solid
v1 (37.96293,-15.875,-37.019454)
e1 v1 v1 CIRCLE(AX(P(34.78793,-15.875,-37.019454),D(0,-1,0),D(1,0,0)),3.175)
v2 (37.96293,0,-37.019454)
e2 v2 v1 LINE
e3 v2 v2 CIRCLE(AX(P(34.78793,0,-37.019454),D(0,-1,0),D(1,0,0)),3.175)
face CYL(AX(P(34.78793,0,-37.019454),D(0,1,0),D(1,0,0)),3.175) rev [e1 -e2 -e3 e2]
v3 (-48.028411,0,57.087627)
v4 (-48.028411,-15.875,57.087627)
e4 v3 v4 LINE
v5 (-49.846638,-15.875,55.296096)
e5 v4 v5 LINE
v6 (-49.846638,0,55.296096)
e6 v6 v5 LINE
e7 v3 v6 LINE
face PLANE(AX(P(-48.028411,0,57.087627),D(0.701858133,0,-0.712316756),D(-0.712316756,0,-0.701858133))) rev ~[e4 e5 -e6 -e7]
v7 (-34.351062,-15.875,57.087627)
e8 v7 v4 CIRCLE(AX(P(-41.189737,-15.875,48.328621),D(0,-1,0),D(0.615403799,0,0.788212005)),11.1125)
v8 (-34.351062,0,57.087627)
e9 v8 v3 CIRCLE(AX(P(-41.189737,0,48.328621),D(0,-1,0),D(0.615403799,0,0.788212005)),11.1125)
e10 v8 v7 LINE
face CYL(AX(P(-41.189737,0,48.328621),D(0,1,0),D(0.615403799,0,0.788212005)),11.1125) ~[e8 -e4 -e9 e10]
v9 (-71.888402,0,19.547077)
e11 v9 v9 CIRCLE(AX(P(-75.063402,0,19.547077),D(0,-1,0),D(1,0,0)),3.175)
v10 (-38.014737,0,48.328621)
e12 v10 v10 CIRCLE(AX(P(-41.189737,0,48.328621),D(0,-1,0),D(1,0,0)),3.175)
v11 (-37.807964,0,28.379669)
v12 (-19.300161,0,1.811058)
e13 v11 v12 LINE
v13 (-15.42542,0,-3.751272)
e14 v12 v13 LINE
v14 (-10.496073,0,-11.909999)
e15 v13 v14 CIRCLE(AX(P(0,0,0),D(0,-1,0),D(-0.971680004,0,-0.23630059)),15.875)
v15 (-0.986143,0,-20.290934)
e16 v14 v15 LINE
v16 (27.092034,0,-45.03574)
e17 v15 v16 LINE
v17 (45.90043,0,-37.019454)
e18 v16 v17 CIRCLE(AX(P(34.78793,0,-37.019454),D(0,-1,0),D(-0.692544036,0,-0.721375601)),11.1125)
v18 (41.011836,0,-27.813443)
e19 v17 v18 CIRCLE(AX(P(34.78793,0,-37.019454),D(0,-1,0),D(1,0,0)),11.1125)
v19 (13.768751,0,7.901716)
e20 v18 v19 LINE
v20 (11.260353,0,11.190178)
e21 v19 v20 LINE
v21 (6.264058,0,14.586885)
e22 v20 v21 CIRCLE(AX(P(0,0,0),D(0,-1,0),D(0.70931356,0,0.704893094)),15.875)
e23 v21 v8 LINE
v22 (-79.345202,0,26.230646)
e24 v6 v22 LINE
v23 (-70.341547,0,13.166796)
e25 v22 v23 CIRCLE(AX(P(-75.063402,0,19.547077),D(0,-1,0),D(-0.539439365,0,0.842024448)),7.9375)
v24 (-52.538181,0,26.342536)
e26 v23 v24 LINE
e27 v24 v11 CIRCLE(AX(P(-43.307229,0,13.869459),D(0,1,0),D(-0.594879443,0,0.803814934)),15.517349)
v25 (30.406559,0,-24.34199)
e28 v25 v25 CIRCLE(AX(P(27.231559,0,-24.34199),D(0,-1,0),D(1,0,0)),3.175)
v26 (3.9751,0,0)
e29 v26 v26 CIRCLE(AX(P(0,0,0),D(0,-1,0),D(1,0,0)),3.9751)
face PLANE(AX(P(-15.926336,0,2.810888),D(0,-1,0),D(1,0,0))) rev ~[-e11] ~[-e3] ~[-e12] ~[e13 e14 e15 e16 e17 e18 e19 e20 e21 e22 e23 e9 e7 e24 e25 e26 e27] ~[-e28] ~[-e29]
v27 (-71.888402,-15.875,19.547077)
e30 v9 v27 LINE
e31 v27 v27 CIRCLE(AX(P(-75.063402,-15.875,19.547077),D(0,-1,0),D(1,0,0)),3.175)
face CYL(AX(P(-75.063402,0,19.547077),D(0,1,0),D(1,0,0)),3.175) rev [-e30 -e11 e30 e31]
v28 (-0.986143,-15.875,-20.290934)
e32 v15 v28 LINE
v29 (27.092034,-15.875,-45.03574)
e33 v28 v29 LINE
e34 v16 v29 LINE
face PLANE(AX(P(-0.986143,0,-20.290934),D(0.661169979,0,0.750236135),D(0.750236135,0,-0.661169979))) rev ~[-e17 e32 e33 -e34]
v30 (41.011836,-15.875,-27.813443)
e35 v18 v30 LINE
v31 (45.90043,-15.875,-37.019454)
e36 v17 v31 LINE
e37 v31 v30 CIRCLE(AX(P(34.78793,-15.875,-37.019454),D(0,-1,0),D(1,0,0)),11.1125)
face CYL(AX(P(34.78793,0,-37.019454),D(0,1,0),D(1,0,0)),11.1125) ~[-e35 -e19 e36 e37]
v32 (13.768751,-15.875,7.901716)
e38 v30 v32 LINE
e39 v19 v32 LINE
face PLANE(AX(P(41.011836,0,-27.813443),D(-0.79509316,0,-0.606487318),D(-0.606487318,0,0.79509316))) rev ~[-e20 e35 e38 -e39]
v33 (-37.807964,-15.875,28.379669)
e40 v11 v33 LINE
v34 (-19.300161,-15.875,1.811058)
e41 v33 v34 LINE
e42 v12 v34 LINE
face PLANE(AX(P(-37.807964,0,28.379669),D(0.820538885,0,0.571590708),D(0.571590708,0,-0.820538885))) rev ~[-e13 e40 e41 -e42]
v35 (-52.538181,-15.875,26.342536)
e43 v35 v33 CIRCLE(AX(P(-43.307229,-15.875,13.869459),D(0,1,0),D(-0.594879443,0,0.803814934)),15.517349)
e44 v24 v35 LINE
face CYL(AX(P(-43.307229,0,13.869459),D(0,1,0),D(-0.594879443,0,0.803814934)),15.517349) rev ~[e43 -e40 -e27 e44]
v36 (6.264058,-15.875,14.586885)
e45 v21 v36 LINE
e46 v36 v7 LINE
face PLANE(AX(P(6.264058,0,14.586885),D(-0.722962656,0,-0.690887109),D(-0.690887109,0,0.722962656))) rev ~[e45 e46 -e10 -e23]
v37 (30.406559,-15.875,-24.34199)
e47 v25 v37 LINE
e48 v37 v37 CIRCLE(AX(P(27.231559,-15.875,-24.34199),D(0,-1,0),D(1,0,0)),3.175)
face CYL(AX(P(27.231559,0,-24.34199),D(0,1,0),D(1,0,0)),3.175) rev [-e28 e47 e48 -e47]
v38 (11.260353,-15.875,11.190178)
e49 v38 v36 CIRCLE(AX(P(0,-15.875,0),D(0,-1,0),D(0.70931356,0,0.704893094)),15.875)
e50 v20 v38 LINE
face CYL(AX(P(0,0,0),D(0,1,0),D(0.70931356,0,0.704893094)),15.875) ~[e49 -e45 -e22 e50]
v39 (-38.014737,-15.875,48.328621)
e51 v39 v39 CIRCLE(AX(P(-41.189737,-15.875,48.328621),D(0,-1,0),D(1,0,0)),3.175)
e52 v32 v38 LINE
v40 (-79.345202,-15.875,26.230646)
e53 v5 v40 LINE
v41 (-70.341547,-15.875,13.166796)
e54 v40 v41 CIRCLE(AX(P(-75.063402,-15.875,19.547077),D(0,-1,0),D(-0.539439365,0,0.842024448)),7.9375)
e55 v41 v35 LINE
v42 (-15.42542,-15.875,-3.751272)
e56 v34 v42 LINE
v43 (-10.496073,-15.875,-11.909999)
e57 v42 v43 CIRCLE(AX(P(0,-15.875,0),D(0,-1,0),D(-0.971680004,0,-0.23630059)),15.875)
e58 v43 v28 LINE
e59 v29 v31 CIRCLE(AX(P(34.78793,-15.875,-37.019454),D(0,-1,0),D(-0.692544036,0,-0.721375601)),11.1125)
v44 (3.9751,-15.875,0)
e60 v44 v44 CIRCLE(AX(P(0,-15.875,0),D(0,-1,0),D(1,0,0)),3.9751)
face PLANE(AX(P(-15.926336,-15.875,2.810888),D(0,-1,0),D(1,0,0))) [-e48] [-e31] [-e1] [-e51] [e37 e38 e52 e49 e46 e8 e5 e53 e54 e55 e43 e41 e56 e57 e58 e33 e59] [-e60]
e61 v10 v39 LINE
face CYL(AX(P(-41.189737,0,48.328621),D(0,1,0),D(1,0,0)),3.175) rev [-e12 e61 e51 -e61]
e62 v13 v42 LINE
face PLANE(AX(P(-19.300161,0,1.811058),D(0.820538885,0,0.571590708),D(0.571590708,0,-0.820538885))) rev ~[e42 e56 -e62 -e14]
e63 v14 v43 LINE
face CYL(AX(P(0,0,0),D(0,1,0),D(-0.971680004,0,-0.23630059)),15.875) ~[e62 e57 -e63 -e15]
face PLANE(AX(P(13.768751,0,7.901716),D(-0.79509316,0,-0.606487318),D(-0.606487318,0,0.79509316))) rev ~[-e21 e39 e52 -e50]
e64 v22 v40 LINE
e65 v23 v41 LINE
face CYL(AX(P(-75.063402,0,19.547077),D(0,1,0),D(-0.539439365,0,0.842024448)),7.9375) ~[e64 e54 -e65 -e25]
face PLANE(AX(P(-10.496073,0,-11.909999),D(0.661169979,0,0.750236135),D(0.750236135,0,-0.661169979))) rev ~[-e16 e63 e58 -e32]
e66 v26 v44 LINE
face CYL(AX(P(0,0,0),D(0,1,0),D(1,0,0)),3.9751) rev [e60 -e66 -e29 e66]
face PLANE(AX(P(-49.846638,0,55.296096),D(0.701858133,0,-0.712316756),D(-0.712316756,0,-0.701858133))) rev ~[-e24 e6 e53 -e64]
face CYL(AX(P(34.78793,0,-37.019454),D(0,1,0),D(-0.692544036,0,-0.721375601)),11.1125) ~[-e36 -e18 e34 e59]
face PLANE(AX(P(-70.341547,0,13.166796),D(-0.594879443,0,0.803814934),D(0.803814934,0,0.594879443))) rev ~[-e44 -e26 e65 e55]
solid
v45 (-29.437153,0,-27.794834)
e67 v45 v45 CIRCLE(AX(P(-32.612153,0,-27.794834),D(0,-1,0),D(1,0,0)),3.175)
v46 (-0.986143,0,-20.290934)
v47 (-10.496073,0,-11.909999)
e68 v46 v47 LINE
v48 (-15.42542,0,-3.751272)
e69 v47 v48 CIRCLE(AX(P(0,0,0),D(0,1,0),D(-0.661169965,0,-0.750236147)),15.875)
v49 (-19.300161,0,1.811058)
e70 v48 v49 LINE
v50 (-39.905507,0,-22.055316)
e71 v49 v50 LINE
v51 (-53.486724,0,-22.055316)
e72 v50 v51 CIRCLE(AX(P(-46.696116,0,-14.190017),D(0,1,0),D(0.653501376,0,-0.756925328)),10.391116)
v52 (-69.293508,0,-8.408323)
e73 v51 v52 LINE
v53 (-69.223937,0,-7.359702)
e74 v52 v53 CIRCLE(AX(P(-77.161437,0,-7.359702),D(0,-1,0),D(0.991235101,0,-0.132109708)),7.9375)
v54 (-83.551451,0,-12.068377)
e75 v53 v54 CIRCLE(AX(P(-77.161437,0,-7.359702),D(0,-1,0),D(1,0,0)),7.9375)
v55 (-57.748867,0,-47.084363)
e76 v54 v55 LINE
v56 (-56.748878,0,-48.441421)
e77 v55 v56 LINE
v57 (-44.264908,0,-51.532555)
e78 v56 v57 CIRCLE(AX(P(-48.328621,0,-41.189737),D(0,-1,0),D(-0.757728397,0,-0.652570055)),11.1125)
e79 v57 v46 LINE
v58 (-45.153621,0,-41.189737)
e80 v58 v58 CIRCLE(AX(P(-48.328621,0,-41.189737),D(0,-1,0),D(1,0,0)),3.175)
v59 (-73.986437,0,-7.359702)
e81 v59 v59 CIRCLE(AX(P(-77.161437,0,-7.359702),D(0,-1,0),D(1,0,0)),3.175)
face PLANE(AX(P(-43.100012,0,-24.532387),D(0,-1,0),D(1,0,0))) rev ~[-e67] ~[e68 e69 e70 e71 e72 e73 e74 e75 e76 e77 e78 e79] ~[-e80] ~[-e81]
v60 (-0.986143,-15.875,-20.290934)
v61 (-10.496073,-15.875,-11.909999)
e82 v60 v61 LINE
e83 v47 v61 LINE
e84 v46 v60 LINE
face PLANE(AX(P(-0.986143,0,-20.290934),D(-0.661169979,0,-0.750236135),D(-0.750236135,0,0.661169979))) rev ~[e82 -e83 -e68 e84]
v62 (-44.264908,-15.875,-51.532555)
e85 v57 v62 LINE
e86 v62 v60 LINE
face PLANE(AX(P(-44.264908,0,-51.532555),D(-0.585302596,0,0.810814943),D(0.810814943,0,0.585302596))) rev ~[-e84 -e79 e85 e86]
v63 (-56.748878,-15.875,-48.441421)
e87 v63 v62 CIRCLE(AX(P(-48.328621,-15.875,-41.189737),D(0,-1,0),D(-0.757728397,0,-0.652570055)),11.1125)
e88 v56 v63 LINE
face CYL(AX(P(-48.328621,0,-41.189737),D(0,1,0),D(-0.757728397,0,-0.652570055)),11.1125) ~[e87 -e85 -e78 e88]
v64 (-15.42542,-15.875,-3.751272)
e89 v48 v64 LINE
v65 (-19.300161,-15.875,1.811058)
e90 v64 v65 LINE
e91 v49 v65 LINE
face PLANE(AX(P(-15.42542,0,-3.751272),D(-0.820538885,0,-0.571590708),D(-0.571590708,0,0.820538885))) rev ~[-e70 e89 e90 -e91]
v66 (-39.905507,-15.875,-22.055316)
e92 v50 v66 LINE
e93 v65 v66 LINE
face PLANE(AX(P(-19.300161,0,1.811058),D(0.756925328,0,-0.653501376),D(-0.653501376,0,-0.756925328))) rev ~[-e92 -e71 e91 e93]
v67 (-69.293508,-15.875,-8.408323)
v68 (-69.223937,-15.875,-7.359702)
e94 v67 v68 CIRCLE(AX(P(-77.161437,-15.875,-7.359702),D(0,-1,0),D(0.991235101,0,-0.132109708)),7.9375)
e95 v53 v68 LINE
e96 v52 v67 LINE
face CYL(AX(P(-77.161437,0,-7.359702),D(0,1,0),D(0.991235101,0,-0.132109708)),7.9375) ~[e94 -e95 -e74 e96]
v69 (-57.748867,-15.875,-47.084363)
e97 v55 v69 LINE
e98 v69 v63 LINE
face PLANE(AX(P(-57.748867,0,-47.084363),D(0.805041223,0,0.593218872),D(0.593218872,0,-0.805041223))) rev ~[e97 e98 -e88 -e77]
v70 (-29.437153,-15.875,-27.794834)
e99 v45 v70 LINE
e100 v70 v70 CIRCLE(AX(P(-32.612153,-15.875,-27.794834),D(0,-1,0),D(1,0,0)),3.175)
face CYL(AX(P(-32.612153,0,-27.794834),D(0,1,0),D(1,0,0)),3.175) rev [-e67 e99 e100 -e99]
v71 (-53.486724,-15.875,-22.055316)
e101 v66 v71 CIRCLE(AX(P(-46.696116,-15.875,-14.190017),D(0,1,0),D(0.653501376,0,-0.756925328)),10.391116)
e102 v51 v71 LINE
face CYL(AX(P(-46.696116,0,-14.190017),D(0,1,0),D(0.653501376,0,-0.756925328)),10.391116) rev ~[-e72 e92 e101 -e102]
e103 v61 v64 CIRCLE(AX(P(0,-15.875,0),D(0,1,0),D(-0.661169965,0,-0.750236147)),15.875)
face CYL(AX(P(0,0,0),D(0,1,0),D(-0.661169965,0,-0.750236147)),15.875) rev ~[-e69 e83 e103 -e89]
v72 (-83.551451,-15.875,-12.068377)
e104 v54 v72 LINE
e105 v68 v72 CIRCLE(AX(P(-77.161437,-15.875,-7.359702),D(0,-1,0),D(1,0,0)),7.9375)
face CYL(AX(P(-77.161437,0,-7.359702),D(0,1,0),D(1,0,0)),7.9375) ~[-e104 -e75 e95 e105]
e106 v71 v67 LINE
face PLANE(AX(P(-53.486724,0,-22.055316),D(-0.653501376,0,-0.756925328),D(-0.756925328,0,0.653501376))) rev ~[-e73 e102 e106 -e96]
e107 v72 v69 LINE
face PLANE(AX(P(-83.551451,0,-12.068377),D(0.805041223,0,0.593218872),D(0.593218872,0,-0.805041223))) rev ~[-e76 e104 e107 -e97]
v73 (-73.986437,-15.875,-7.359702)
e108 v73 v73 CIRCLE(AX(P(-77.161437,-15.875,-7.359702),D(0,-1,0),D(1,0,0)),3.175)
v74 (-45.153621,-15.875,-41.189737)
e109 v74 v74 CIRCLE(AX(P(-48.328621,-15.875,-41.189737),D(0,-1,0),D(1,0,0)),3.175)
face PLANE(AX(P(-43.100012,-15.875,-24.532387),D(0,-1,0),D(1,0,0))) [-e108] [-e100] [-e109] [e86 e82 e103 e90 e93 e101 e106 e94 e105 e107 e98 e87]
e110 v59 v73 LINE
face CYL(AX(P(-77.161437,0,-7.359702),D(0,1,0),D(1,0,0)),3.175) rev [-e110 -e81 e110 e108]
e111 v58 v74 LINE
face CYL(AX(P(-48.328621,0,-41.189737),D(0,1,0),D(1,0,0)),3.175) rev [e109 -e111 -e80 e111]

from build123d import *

# Parameters (mm, degrees)
F0_R     = 3.175
F1_DEPTH = 15.875
F0_R_2   = 3.9751
F2_DEPTH = 15.875


with BuildPart() as f1:
    # F0 (on Front) → F1 (new body)
    with BuildSketch(Plane.XZ):
        with BuildLine():
            ThreePointArc((-10.4960732024, -11.9099988383), (-13.5875737276, -8.2093523008), (-15.4254200703, -3.7512718716))
            Line((-15.4254200703, -3.7512718716), (-19.3001614593, 1.8110578452))
            Line((-19.3001614593, 1.8110578452), (-39.9055071175, -22.0553158222))
            ThreePointArc((-39.9055071175, -22.0553158222), (-46.6961157411, -24.5811329447), (-53.4867243648, -22.0553158222))
            Line((-53.4867243648, -22.0553158222), (-69.2935079295, -8.4083226244))
            ThreePointArc((-69.2935079295, -8.4083226244), (-75.1878468749, -15.0479298343), (-83.5514512466, -12.0683766096))
            Line((-83.5514512466, -12.0683766096), (-57.7488667293, -47.0843634166))
            ThreePointArc((-57.7488667293, -47.0843634166), (-51.3949849127, -30.5086752982), (-37.2161209875, -41.1897365062))
            ThreePointArc((-37.2161209875, -41.1897365062), (-37.8797093639, -44.9723152736), (-39.7912214837, -48.3031369562))
            Line((-39.7912214837, -48.3031369562), (-0.9861432884, -20.2909336763))
            Line((-0.9861432884, -20.2909336763), (-10.4960732024, -11.9099988383))
        make_face()
        with Locations((-32.6121534423, -27.7948341944)):
            Circle(F0_R, mode=Mode.SUBTRACT)
        with BuildLine():
            ThreePointArc((-83.5514512466, -12.0683766096), (-75.1878468749, -15.0479298343), (-69.2935079295, -8.4083226244))
            ThreePointArc((-69.2935079295, -8.4083226244), (-69.2413484864, -7.8851648917), (-69.2239365418, -7.359701815))
            ThreePointArc((-69.2239365418, -7.359701815), (-79.639658135, 0.1810092911), (-83.5514512466, -12.0683766096))
        make_face()
        with Locations((-77.1614365418, -7.359701815)):
            Circle(F0_R, mode=Mode.SUBTRACT)
        with BuildLine():
            Line((-44.2649080783, -51.5325549635), (-39.7912214837, -48.3031369562))
            ThreePointArc((-39.7912214837, -48.3031369562), (-37.8797093639, -44.9723152736), (-37.2161209875, -41.1897365062))
            ThreePointArc((-37.2161209875, -41.1897365062), (-51.3949849127, -30.5086752982), (-57.7488667293, -47.0843634166))
            Line((-57.7488667293, -47.0843634166), (-56.7488778009, -48.4414212377))
            ThreePointArc((-56.7488778009, -48.4414212377), (-50.9995095335, -51.9764881314), (-44.2649080783, -51.5325549635))
        make_face()
        with Locations((-48.3286209875, -41.1897365062)):
            Circle(F0_R, mode=Mode.SUBTRACT)
    extrude(amount=F1_DEPTH)


with BuildPart() as f2:
    # F0 (on Front) → F2 (new body)
    with BuildSketch(Plane.XZ):
        with BuildLine():
            ThreePointArc((-15.4254200703, -3.7512718716), (-15.601870238, 2.9321101749), (-13.0110959964, 9.0954387455))
            Line((-13.0110959964, 9.0954387455), (-19.3001614593, 1.8110578452))
            Line((-19.3001614593, 1.8110578452), (-15.4254200703, -3.7512718716))
        make_face()
        with BuildLine():
            Line((13.7687512281, 7.9017159288), (11.2603527656, 11.1901778625))
            ThreePointArc((11.2603527656, 11.1901778625), (8.9252814501, 13.1284034078), (6.2640582022, 14.5868845145))
            ThreePointArc((6.2640582022, 14.5868845145), (-4.3496694021, 15.267481819), (-13.0110959964, 9.0954387455))
            ThreePointArc((-13.0110959964, 9.0954387455), (-15.601870238, 2.9321101749), (-15.4254200703, -3.7512718716))
            ThreePointArc((-15.4254200703, -3.7512718716), (-13.5875737276, -8.2093523008), (-10.4960732024, -11.9099988383))
            ThreePointArc((-10.4960732024, -11.9099988383), (-0.7706182381, -15.8562849536), (9.2916789078, -12.8716870718))
            ThreePointArc((9.2916789078, -12.8716870718), (14.1336659728, -7.2287696858), (15.875, 0))
            ThreePointArc((15.875, 0), (15.3394027059, 4.0888078491), (13.7687512281, 7.9017159288))
        make_face()
        Circle(F0_R_2, mode=Mode.SUBTRACT)
        with BuildLine():
            Line((41.0118364793, -27.8134426259), (13.7687512281, 7.9017159288))
            ThreePointArc((13.7687512281, 7.9017159288), (15.3394027059, 4.0888078491), (15.875, 0))
            ThreePointArc((15.875, 0), (14.1336659728, -7.2287696858), (9.2916789078, -12.8716870718))
            Line((9.2916789078, -12.8716870718), (-0.9861432884, -20.2909336763))
            Line((-0.9861432884, -20.2909336763), (27.0920340306, -45.0357400635))
            ThreePointArc((27.0920340306, -45.0357400635), (26.1453854478, -30.0341773035), (41.0118364793, -27.8134426259))
        make_face()
        with Locations((27.231558522, -24.3419895552)):
            Circle(F0_R, mode=Mode.SUBTRACT)
        with BuildLine():
            Line((-0.9861432884, -20.2909336763), (9.2916789078, -12.8716870718))
            ThreePointArc((9.2916789078, -12.8716870718), (-0.7706182381, -15.8562849536), (-10.4960732024, -11.9099988383))
            Line((-10.4960732024, -11.9099988383), (-0.9861432884, -20.2909336763))
        make_face()
        with BuildLine():
            ThreePointArc((-13.0110959964, 9.0954387455), (-4.3496694021, 15.267481819), (6.2640582022, 14.5868845145))
            Line((6.2640582022, 14.5868845145), (-32.129608296, 54.7630388372))
            ThreePointArc((-32.129608296, 54.7630388372), (-30.6027555629, 51.7055264877), (-30.0772365062, 48.3286209875))
            ThreePointArc((-30.0772365062, 48.3286209875), (-44.8835040281, 37.847984664), (-49.8466381249, 55.2960961839))
            Line((-49.8466381249, 55.2960961839), (-79.3452021815, 26.2306461132))
            ThreePointArc((-79.3452021815, 26.2306461132), (-71.254391912, 26.5109371005), (-67.1259022204, 19.5470770559))
            ThreePointArc((-67.1259022204, 19.5470770559), (-67.975255956, 15.9746704742), (-70.3415466386, 13.1667960186))
            Line((-70.3415466386, 13.1667960186), (-52.5381806367, 26.3425358707))
            ThreePointArc((-52.5381806367, 26.3425358707), (-45.4329874517, 29.2405119956), (-37.8079637885, 28.379669413))
            Line((-37.8079637885, 28.379669413), (-19.3001614593, 1.8110578452))
            Line((-19.3001614593, 1.8110578452), (-13.0110959964, 9.0954387455))
        make_face()
        with BuildLine():
            ThreePointArc((-30.0772365062, 48.3286209875), (-30.6027555629, 51.7055264877), (-32.129608296, 54.7630388372))
            Line((-32.129608296, 54.7630388372), (-34.3510617896, 57.0876268883))
            ThreePointArc((-34.3510617896, 57.0876268883), (-41.1897365062, 59.4411209875), (-48.0284112228, 57.0876268883))
            Line((-48.0284112228, 57.0876268883), (-49.8466381249, 55.2960961839))
            ThreePointArc((-49.8466381249, 55.2960961839), (-44.8835040281, 37.847984664), (-30.0772365062, 48.3286209875))
        make_face()
        with Locations((-41.1897365062, 48.3286209875)):
            Circle(F0_R, mode=Mode.SUBTRACT)
        with BuildLine():
            ThreePointArc((-67.1259022204, 19.5470770559), (-71.254391912, 26.5109371005), (-79.3452021815, 26.2306461132))
            ThreePointArc((-79.3452021815, 26.2306461132), (-81.599032034, 15.0426959453), (-70.3415466386, 13.1667960186))
            ThreePointArc((-70.3415466386, 13.1667960186), (-67.975255956, 15.9746704742), (-67.1259022204, 19.5470770559))
        make_face()
        with Locations((-75.0634022204, 19.5470770559)):
            Circle(F0_R, mode=Mode.SUBTRACT)
        with BuildLine():
            ThreePointArc((45.9004296323, -37.0194536953), (44.6024805922, -31.8077125557), (41.0118364793, -27.8134426259))
            ThreePointArc((41.0118364793, -27.8134426259), (26.1453854478, -30.0341773035), (27.0920340306, -45.0357400635))
            ThreePointArc((27.0920340306, -45.0357400635), (39.1449364246, -47.2421807317), (45.9004296323, -37.0194536953))
        make_face()
        with Locations((34.7879296323, -37.0194536953)):
            Circle(F0_R, mode=Mode.SUBTRACT)
    extrude(amount=F2_DEPTH)


solid = Compound([f1.part, f2.part])
